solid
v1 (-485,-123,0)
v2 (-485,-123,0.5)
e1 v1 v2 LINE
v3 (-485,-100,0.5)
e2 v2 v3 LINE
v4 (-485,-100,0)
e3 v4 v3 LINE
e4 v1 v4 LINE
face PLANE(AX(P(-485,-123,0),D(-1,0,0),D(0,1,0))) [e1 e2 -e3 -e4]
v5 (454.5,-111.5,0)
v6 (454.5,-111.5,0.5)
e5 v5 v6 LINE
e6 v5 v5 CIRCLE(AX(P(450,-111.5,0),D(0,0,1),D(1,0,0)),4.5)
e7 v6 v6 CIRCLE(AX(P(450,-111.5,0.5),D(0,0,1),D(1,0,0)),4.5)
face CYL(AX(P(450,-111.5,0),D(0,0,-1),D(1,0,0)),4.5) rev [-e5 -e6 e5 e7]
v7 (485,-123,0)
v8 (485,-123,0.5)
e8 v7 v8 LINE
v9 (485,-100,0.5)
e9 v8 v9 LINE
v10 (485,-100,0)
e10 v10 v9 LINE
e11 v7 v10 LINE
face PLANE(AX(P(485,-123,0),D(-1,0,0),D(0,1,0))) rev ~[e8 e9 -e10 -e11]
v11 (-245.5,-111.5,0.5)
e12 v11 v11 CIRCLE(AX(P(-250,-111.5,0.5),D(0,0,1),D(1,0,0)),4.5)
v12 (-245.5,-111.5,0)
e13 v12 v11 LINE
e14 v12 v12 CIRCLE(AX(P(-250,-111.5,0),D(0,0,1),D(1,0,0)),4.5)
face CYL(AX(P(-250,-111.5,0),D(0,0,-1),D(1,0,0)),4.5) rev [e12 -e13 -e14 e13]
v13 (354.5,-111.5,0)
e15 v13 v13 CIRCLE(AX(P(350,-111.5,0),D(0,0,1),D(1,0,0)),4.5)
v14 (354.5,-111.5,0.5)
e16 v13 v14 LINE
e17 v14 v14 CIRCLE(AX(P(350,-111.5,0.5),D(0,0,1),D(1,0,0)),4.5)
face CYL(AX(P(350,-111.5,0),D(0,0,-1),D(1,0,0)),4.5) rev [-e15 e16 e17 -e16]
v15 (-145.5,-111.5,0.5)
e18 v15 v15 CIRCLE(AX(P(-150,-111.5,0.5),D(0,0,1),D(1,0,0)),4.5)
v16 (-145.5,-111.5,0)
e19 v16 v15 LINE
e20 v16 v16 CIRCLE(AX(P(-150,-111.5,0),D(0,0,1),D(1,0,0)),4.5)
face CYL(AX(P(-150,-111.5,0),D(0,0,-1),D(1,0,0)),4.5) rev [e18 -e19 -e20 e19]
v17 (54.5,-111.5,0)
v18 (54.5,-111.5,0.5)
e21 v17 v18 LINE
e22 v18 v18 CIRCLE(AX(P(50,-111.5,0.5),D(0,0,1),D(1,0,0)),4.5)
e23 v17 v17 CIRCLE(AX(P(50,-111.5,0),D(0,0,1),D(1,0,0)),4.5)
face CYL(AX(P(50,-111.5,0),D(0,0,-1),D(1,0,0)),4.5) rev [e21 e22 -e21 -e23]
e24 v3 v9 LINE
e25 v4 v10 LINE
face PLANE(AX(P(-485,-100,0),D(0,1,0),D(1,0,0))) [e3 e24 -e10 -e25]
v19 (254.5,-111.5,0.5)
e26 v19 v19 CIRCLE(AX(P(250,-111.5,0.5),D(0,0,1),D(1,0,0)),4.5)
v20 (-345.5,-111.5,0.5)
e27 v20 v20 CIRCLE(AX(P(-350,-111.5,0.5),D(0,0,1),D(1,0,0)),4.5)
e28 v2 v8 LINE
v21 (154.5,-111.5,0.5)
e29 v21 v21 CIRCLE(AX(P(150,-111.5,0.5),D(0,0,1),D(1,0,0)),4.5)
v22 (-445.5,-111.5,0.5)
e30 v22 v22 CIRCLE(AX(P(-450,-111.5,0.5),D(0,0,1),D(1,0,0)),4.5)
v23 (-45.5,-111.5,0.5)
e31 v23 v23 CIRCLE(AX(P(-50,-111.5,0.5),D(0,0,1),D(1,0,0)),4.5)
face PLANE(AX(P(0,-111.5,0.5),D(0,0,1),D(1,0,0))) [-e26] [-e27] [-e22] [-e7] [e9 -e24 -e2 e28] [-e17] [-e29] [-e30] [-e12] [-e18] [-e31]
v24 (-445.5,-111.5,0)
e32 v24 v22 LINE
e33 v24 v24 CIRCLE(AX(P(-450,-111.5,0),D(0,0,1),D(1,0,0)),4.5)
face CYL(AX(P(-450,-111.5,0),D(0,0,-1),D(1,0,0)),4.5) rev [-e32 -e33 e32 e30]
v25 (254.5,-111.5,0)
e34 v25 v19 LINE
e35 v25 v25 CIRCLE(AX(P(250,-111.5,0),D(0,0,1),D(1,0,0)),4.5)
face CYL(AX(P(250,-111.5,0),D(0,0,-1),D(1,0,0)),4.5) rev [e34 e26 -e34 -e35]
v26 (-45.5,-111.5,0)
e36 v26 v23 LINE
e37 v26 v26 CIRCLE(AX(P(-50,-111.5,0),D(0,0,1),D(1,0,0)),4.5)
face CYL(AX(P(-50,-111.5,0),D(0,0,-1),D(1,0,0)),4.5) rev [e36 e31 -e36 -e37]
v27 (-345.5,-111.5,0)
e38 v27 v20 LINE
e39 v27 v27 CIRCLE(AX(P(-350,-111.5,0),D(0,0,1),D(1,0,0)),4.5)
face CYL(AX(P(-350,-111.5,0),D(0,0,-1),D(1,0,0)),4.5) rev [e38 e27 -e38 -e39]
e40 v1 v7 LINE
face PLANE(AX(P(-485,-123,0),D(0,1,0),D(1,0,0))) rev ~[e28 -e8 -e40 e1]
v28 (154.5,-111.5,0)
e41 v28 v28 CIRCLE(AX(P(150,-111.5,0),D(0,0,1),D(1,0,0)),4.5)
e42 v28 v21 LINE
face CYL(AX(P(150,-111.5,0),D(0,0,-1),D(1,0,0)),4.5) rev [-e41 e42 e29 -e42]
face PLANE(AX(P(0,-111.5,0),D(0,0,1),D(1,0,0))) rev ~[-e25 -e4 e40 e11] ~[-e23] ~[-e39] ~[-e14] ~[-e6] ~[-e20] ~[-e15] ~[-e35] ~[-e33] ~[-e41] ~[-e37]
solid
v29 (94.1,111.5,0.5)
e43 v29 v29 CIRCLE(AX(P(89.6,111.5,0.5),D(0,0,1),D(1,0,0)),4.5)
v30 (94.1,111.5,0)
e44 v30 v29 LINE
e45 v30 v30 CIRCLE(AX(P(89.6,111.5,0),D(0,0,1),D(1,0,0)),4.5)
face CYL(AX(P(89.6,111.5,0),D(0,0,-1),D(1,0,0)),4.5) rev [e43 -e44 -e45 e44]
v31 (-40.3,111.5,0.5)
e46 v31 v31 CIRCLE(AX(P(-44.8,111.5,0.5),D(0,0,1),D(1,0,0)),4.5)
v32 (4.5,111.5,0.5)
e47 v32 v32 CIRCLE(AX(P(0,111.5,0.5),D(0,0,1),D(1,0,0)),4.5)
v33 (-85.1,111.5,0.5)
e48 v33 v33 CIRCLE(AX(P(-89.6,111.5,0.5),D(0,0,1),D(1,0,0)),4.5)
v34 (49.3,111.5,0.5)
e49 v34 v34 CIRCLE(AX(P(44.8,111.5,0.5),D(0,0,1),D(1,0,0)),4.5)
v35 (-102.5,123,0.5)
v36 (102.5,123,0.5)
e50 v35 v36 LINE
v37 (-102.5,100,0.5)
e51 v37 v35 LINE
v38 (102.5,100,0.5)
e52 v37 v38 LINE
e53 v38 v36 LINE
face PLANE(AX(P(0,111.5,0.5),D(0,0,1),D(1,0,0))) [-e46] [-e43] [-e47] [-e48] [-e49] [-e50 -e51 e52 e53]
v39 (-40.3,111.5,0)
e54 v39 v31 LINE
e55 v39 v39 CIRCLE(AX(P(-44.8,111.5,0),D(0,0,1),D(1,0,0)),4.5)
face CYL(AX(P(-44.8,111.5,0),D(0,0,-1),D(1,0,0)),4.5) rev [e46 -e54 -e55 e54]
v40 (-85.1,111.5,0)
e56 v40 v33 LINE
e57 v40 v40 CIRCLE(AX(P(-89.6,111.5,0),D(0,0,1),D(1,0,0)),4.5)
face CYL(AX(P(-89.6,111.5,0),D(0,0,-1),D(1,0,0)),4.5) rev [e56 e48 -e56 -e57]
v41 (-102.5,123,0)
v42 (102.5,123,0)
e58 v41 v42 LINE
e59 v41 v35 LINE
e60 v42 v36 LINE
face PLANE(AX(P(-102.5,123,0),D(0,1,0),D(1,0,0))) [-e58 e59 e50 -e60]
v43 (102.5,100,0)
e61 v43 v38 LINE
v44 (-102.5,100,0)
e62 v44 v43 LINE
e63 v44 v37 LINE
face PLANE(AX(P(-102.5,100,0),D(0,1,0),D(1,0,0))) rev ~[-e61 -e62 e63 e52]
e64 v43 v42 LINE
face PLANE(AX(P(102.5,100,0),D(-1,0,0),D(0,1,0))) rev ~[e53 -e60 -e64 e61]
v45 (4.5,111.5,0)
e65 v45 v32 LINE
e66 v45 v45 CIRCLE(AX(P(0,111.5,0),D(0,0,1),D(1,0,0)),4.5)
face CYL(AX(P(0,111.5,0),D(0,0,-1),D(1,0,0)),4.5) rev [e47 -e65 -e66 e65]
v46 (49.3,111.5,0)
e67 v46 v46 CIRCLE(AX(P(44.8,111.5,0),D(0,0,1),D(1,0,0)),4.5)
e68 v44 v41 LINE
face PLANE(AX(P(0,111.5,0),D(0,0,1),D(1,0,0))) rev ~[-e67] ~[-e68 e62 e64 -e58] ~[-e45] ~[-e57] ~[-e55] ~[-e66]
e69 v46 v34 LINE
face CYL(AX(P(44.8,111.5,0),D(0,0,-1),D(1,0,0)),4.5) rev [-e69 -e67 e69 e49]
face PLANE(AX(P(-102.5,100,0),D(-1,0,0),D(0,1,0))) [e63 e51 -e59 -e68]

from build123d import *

# Parameters (mm, degrees)
F0_W     = 205
F0_H     = 23
F0_R     = 4.5
F0_W_2   = 970
F1_DEPTH = 0.5


with BuildPart() as f1:
    # F0 (on Top) → F1 (new body)
    with BuildSketch(Plane.XY):
        with Locations((0, 111.5)):
            Rectangle(F0_W, F0_H)
        with Locations((-89.6, 111.5)):
            Circle(F0_R, mode=Mode.SUBTRACT)
        with Locations((-44.8, 111.5)):
            Circle(F0_R, mode=Mode.SUBTRACT)
        with Locations((0, 111.5)):
            Circle(F0_R, mode=Mode.SUBTRACT)
        with Locations((44.8, 111.5)):
            Circle(F0_R, mode=Mode.SUBTRACT)
        with Locations((89.6, 111.5)):
            Circle(F0_R, mode=Mode.SUBTRACT)
        with Locations((0, -111.5)):
            Rectangle(F0_W_2, F0_H)
        with Locations((-450, -111.5)):
            Circle(F0_R, mode=Mode.SUBTRACT)
        with Locations((-350, -111.5)):
            Circle(F0_R, mode=Mode.SUBTRACT)
        with Locations((-250, -111.5)):
            Circle(F0_R, mode=Mode.SUBTRACT)
        with Locations((-150, -111.5)):
            Circle(F0_R, mode=Mode.SUBTRACT)
        with Locations((-50, -111.5)):
            Circle(F0_R, mode=Mode.SUBTRACT)
        with Locations((50, -111.5)):
            Circle(F0_R, mode=Mode.SUBTRACT)
        with Locations((150, -111.5)):
            Circle(F0_R, mode=Mode.SUBTRACT)
        with Locations((250, -111.5)):
            Circle(F0_R, mode=Mode.SUBTRACT)
        with Locations((350, -111.5)):
            Circle(F0_R, mode=Mode.SUBTRACT)
        with Locations((450, -111.5)):
            Circle(F0_R, mode=Mode.SUBTRACT)
    extrude(amount=F1_DEPTH)


solid = f1.part
